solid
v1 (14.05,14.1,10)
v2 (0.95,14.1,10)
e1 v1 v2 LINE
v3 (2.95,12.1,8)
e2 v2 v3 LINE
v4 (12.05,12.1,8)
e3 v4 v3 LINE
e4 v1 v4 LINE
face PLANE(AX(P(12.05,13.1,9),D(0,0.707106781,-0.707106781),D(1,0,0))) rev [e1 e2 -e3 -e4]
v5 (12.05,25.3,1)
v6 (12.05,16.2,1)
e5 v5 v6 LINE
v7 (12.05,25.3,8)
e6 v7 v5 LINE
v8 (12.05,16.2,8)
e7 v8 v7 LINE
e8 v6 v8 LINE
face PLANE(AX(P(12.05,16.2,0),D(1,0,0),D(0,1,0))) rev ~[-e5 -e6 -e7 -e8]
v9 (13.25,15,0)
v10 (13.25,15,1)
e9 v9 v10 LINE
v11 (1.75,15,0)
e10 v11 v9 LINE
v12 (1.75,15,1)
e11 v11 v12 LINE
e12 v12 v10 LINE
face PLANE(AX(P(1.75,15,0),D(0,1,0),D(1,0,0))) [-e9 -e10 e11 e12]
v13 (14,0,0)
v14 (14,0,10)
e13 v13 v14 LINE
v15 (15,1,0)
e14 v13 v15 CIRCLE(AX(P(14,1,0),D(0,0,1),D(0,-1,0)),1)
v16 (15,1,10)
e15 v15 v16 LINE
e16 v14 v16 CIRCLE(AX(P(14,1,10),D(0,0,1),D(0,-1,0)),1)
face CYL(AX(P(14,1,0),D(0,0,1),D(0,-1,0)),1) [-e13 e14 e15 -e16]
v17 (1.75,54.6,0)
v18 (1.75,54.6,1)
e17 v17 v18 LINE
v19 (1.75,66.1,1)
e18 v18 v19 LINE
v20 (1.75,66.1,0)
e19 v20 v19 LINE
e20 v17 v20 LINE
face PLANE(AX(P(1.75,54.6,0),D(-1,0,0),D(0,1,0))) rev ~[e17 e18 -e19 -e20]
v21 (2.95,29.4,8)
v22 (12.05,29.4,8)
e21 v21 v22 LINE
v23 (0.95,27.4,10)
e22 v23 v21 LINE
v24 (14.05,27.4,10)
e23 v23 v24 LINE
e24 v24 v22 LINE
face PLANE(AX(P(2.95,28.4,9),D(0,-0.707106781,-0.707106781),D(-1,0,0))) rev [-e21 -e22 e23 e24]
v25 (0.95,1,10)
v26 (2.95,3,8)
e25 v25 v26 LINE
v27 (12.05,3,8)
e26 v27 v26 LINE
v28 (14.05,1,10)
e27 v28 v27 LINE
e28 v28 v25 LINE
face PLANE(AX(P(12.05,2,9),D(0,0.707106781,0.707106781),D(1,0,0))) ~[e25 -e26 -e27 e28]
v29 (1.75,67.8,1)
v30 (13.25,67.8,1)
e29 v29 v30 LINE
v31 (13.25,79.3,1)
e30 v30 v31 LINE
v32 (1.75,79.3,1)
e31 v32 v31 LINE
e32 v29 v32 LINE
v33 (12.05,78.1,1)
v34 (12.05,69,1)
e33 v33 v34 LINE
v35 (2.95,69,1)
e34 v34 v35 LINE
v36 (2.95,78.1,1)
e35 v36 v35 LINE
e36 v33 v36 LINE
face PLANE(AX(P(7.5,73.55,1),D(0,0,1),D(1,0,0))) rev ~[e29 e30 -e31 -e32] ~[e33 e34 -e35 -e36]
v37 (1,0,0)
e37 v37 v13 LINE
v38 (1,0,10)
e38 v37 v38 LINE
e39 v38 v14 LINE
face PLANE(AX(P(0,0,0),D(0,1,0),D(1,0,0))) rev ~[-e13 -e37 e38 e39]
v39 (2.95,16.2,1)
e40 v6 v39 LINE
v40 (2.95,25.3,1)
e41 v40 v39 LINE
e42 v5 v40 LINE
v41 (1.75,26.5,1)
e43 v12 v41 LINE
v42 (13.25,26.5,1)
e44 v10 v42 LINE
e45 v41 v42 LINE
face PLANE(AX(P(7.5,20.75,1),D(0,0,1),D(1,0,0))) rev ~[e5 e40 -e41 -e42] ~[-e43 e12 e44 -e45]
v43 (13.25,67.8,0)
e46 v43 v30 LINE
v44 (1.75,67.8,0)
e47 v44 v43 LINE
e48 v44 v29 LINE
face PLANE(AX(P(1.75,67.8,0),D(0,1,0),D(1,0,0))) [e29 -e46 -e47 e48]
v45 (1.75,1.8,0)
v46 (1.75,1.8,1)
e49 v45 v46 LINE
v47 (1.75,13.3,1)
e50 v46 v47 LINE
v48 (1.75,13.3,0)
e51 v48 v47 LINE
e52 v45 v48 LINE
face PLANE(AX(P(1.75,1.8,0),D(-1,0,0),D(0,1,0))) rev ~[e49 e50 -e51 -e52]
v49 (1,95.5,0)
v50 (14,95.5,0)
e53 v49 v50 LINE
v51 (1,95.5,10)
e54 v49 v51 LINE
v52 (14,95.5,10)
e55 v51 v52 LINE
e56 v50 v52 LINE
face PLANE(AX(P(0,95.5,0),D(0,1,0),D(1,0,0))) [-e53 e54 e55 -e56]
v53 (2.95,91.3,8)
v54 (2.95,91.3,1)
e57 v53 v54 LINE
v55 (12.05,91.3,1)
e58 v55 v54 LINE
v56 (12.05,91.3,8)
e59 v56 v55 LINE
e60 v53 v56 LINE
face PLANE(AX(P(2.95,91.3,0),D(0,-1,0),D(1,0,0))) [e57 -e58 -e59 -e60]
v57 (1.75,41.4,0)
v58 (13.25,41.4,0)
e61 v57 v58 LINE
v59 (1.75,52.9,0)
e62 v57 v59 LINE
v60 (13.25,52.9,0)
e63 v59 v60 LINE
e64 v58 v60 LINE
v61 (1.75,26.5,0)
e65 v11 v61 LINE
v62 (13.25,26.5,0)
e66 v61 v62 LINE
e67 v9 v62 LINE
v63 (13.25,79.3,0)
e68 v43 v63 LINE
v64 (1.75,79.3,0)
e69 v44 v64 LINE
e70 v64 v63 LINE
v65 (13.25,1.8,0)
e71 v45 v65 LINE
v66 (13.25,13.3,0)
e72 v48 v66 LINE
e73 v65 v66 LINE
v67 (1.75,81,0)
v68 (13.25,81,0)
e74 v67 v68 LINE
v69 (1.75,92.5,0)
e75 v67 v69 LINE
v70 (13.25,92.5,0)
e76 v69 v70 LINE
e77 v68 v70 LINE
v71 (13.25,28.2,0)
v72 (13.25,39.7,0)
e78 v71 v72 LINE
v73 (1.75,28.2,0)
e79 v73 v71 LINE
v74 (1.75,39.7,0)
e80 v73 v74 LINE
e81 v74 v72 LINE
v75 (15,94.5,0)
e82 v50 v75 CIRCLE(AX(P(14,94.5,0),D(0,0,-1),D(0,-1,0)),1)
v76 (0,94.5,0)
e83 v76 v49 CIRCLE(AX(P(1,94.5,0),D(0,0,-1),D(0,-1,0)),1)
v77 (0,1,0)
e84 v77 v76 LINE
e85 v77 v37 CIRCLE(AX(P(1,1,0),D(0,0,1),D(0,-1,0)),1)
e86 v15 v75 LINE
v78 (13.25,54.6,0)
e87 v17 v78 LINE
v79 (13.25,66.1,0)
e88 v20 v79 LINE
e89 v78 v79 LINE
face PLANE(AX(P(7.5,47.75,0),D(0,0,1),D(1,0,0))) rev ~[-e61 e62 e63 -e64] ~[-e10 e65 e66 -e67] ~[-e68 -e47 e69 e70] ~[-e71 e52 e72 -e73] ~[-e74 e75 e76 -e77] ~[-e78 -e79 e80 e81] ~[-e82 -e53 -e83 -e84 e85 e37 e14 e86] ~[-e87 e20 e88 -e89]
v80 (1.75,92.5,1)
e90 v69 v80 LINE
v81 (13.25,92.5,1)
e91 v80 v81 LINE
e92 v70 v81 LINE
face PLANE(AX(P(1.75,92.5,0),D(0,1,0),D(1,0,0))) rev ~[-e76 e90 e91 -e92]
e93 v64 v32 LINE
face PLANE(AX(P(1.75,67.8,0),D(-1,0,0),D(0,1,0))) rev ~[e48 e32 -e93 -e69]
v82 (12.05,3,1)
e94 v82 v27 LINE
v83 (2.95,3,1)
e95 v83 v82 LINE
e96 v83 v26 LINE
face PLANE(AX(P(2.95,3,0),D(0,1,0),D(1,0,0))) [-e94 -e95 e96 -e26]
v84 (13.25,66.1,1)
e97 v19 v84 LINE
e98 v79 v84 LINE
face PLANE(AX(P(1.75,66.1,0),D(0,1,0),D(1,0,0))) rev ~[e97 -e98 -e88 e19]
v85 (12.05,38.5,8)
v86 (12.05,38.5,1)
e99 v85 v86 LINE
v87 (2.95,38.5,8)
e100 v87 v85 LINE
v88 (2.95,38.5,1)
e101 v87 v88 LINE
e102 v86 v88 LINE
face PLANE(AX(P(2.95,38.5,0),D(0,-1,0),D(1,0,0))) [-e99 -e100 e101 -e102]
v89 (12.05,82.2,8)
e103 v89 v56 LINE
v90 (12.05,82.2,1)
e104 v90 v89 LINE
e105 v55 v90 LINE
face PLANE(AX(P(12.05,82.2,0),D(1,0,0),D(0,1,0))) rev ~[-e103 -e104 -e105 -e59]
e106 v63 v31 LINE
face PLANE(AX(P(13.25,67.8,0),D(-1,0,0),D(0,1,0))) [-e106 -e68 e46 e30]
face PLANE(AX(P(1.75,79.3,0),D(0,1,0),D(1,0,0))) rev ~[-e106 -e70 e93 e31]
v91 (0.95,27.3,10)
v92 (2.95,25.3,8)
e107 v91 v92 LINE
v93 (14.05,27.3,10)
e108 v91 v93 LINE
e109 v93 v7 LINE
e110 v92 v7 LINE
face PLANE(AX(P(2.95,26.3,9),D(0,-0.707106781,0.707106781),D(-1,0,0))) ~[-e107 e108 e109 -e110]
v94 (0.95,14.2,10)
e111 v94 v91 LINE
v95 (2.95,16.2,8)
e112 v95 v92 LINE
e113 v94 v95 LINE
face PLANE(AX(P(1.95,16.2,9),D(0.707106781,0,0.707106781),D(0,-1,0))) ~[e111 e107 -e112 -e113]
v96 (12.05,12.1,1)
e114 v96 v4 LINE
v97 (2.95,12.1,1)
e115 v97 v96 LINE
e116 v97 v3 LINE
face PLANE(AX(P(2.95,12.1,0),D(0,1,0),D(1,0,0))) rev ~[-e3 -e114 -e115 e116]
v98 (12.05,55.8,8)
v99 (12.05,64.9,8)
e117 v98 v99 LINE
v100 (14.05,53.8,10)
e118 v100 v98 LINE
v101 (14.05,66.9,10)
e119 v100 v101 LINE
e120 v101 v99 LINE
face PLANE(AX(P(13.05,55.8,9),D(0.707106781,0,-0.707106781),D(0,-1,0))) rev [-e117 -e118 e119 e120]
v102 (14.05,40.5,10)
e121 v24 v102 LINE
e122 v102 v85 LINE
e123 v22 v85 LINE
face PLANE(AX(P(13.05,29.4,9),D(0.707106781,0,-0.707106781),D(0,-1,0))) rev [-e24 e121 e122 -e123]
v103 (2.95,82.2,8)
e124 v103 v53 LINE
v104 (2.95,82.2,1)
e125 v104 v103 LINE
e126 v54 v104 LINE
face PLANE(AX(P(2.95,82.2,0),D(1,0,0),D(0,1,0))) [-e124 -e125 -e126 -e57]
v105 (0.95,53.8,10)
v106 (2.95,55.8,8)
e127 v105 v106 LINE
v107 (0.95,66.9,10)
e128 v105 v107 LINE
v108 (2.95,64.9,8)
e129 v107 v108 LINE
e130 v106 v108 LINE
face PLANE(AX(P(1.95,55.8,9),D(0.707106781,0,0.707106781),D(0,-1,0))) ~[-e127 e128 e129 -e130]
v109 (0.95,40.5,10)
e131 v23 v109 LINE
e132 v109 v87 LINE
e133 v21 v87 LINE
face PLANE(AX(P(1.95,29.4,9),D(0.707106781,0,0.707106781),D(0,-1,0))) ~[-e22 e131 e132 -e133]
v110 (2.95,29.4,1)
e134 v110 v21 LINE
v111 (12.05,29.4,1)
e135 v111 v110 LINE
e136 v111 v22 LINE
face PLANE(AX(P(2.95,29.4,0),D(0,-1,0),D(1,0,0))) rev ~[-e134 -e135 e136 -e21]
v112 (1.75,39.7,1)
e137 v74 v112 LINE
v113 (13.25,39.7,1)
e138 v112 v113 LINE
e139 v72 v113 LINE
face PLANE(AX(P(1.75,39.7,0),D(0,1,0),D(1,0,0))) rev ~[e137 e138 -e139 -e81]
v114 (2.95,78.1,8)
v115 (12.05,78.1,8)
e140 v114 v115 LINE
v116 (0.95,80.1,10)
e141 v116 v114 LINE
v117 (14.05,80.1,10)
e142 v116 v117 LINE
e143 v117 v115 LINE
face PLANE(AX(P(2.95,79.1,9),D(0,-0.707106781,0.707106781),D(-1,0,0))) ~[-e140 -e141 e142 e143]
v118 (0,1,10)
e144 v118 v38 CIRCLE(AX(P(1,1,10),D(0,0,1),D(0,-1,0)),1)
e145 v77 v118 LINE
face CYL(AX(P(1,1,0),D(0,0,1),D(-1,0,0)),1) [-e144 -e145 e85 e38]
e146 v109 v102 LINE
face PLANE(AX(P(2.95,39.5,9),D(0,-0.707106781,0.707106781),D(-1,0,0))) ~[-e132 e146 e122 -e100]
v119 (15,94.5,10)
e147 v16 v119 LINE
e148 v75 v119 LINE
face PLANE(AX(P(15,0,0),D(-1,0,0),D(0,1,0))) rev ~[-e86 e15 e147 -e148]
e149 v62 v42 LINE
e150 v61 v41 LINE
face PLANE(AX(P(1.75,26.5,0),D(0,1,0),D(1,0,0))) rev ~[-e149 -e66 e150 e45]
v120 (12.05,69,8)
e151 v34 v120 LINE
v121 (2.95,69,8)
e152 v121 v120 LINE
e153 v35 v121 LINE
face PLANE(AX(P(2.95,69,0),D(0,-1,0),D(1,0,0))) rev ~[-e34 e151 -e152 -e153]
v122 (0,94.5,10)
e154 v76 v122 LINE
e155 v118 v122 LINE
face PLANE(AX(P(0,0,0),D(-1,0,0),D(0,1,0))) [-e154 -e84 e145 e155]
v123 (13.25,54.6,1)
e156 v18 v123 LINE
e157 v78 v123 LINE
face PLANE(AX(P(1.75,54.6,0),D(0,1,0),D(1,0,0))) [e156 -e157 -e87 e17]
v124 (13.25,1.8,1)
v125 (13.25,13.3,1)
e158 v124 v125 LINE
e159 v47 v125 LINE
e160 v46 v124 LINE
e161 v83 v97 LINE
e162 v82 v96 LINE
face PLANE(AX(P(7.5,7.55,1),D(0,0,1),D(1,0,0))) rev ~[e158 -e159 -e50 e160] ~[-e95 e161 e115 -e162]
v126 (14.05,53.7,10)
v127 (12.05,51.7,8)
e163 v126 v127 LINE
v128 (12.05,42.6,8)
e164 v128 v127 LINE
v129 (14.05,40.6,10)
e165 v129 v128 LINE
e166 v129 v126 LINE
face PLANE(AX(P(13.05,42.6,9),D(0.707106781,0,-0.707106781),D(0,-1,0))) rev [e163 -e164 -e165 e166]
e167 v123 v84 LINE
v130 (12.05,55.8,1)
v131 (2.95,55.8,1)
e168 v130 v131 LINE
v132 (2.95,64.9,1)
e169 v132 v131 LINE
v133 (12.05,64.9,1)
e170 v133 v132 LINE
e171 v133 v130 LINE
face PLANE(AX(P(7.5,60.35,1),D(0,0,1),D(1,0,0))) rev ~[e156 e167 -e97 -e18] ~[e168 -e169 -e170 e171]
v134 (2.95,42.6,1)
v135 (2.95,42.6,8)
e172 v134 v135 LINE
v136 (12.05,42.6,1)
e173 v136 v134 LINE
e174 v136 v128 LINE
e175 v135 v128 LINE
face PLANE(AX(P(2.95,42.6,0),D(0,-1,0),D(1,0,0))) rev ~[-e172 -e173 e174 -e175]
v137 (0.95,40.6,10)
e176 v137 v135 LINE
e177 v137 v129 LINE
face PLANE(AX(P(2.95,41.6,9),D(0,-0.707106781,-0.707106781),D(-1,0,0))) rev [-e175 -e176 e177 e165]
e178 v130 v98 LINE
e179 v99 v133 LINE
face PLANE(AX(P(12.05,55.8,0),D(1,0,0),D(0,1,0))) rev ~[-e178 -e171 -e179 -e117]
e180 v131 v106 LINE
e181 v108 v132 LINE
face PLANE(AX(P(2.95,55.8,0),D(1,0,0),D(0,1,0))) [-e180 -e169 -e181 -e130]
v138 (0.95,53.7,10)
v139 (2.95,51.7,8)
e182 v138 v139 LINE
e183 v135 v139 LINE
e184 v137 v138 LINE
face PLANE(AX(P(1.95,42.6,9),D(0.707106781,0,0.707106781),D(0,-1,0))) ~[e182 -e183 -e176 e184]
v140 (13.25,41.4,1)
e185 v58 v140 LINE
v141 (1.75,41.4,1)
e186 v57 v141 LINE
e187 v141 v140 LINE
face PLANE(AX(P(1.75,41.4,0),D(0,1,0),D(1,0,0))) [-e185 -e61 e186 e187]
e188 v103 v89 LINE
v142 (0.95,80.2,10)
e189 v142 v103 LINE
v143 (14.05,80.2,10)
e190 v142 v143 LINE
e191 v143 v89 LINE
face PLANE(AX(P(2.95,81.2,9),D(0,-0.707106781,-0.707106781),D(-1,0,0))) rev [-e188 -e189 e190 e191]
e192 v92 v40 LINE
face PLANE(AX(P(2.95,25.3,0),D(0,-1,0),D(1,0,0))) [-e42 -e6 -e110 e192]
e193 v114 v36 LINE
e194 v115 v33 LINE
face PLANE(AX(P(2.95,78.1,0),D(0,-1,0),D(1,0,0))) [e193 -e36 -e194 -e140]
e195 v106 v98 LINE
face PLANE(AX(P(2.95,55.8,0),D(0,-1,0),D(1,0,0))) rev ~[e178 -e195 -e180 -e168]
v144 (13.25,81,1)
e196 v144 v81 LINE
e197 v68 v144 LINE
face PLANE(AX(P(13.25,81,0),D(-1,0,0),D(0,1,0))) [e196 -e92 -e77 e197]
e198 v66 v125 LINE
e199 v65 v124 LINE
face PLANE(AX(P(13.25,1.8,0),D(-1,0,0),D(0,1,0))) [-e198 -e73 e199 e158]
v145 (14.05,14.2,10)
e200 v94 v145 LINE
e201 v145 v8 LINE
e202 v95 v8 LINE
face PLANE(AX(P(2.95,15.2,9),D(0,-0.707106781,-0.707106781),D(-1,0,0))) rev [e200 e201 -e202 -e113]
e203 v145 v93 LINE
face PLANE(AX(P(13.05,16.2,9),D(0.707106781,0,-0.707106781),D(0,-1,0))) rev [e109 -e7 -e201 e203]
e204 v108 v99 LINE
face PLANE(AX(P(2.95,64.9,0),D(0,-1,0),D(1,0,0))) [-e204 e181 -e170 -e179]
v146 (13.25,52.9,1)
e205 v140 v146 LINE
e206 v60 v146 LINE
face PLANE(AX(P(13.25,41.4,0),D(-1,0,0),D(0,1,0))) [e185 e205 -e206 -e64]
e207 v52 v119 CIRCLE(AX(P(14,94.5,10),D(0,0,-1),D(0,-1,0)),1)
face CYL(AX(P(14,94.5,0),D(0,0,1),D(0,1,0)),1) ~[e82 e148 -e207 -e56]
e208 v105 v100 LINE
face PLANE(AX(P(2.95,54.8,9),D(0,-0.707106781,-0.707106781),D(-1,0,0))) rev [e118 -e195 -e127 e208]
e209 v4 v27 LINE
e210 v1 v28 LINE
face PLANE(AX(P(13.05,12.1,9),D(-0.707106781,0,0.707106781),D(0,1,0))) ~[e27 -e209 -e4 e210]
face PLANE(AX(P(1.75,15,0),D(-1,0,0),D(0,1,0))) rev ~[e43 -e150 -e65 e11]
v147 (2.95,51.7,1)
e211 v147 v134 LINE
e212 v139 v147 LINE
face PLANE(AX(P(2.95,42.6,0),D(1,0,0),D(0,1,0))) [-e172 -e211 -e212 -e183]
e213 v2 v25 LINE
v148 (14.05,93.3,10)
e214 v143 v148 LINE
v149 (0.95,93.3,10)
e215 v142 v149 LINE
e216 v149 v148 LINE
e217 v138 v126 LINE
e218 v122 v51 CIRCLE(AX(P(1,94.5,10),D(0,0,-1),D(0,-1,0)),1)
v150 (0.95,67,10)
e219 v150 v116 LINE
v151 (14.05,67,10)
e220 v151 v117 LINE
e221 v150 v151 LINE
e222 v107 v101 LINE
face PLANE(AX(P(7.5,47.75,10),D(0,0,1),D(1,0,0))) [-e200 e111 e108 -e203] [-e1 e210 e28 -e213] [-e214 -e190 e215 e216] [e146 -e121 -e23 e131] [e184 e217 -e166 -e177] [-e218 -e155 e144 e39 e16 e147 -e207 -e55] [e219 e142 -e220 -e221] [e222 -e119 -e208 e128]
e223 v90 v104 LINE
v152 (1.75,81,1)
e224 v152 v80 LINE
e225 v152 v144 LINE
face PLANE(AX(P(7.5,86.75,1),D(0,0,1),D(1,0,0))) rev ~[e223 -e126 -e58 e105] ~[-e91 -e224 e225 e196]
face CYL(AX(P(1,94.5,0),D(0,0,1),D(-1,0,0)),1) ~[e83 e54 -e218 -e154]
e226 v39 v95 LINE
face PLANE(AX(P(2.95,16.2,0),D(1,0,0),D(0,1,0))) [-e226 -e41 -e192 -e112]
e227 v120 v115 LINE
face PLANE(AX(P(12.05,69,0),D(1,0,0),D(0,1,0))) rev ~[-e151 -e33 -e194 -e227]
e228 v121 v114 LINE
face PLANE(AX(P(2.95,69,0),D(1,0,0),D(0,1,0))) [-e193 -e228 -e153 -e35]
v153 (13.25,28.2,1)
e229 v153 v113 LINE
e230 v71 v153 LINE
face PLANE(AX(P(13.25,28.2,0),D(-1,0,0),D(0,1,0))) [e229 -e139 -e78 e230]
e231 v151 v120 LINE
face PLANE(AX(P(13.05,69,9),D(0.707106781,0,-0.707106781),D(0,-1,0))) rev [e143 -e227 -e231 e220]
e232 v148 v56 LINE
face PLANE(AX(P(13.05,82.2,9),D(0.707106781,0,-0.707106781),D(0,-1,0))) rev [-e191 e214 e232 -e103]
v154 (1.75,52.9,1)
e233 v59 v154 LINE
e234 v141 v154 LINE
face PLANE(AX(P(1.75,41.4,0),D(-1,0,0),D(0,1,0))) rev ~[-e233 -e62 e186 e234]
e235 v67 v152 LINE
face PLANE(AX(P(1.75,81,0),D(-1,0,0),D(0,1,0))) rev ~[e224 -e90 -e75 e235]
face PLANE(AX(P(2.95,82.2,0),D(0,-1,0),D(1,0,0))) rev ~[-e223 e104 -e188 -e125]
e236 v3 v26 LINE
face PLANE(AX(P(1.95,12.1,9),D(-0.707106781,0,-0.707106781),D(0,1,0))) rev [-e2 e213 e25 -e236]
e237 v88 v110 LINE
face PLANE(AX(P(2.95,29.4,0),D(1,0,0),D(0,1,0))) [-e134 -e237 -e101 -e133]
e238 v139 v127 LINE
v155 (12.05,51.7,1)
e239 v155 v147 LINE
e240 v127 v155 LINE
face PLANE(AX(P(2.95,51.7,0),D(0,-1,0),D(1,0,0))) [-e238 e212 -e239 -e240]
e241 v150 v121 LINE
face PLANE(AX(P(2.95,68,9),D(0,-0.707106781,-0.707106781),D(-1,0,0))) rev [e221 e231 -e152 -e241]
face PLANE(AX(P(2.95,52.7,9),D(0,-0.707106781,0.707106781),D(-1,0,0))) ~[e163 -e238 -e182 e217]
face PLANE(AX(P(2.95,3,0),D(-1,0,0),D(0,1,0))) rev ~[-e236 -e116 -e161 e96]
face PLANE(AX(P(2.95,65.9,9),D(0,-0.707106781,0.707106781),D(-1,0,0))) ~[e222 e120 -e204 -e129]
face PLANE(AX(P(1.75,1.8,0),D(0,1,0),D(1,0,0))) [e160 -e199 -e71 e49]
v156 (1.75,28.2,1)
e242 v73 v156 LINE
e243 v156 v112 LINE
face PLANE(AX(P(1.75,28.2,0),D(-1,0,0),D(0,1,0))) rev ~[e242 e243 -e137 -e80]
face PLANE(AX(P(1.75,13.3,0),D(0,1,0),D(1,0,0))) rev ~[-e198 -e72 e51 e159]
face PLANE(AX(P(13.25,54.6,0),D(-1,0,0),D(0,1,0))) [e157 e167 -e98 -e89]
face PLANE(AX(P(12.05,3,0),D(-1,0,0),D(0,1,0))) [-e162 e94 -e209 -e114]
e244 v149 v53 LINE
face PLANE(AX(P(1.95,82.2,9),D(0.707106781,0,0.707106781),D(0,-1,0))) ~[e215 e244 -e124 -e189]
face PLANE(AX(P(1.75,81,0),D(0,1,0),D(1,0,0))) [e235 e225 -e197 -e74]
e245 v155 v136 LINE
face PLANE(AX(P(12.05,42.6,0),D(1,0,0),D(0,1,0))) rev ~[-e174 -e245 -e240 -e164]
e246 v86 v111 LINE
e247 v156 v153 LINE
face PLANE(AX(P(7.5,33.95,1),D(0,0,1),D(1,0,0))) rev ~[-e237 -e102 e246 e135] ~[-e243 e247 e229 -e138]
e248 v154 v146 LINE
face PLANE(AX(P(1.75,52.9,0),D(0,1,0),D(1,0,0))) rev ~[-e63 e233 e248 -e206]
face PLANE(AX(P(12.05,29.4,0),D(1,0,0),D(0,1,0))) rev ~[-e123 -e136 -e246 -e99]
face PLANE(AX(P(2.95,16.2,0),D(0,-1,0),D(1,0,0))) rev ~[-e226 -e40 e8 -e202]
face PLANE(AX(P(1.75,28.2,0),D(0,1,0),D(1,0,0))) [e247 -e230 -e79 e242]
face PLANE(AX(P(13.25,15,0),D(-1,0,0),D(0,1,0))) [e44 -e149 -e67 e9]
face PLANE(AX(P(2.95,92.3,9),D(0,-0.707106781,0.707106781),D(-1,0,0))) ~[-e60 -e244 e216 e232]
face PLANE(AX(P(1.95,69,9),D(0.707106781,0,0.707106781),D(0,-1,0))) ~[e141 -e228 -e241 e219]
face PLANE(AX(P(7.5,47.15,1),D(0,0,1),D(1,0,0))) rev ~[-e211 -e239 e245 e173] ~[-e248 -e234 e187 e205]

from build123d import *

# Parameters (mm, degrees)
SKETCH_W               = 15
SKETCH_H               = 95.5
PAD_DEPTH              = 10
SKETCH001_W            = 9.1
SKETCH001_H            = 9.1
POCKET_DEPTH           = 0.001
POCKET_DEPTH_BACK      = 10.001
LINEARPATTERN_COUNT    = 7
LINEARPATTERN_PITCH    = 13.2
SKETCH002_W            = 11.5
SKETCH002_H            = 11.5
POCKET001_DEPTH        = 1
LINEARPATTERN001_COUNT = 7
LINEARPATTERN001_PITCH = 13.2
CHAMFER_SIZE           = 2
FILLET_R               = 1


with BuildPart() as part:
    # Sketch → Pad (new body)
    with BuildSketch(Plane.XY):
        with Locations((7.5, 47.75)):
            Rectangle(SKETCH_W, SKETCH_H)
    extrude(amount=PAD_DEPTH)

    # Sketch001 → Pocket (cut, two sides)
    with BuildSketch(Plane.XY) as pocket_sk:
        with Locations((7.5, 7.55)):
            Rectangle(SKETCH001_W, SKETCH001_H)
    pocket = extrude(amount=-POCKET_DEPTH, mode=Mode.SUBTRACT) + extrude(pocket_sk.sketch, amount=POCKET_DEPTH_BACK, mode=Mode.SUBTRACT)

    # LinearPattern: Pocket ×7
    with Locations(*[(0, i * LINEARPATTERN_PITCH, 0) for i in range(1, LINEARPATTERN_COUNT)]):
        add(pocket, mode=Mode.SUBTRACT)

    # Sketch002 → Pocket001 (cut)
    with BuildSketch(Plane.XY):
        with Locations((7.5, 7.55)):
            Rectangle(SKETCH002_W, SKETCH002_H)
    pocket001 = extrude(amount=POCKET001_DEPTH, mode=Mode.SUBTRACT)

    # LinearPattern001: Pocket001 ×7
    with Locations(*[(0, i * LINEARPATTERN001_PITCH, 0) for i in range(1, LINEARPATTERN001_COUNT)]):
        add(pocket001, mode=Mode.SUBTRACT)

    # Chamfer
    chamfer_edges = [part.edges().sort_by_distance(p)[0] for p in [
        (12.05, 7.55, 10),
        (7.5, 3, 10),
        (2.95, 7.55, 10),
        (7.5, 12.1, 10),
        (2.95, 20.75, 10),
        (7.5, 16.2, 10),
        (7.5, 25.3, 10),
        (12.05, 20.75, 10),
        (7.5, 29.4, 10),
        (2.95, 33.95, 10),
        (7.5, 38.5, 10),
        (12.05, 33.95, 10),
        (7.5, 42.6, 10),
        (2.95, 47.15, 10),
        (7.5, 51.7, 10),
        (12.05, 47.15, 10),
        (2.95, 60.35, 10),
        (7.5, 55.8, 10),
        (7.5, 64.9, 10),
        (12.05, 60.35, 10),
        (7.5, 69, 10),
        (2.95, 73.55, 10),
        (7.5, 78.1, 10),
        (12.05, 73.55, 10),
        (7.5, 82.2, 10),
        (2.95, 86.75, 10),
        (7.5, 91.3, 10),
        (12.05, 86.75, 10),
    ]]
    chamfer(chamfer_edges, length=CHAMFER_SIZE)

    # Fillet
    fillet_edges = [part.edges().sort_by_distance(p)[0] for p in [
        (15, 0, 5),
        (0, 0, 5),
        (15, 95.5, 5),
        (0, 95.5, 5),
    ]]
    fillet(fillet_edges, radius=FILLET_R)


solid = part.part
